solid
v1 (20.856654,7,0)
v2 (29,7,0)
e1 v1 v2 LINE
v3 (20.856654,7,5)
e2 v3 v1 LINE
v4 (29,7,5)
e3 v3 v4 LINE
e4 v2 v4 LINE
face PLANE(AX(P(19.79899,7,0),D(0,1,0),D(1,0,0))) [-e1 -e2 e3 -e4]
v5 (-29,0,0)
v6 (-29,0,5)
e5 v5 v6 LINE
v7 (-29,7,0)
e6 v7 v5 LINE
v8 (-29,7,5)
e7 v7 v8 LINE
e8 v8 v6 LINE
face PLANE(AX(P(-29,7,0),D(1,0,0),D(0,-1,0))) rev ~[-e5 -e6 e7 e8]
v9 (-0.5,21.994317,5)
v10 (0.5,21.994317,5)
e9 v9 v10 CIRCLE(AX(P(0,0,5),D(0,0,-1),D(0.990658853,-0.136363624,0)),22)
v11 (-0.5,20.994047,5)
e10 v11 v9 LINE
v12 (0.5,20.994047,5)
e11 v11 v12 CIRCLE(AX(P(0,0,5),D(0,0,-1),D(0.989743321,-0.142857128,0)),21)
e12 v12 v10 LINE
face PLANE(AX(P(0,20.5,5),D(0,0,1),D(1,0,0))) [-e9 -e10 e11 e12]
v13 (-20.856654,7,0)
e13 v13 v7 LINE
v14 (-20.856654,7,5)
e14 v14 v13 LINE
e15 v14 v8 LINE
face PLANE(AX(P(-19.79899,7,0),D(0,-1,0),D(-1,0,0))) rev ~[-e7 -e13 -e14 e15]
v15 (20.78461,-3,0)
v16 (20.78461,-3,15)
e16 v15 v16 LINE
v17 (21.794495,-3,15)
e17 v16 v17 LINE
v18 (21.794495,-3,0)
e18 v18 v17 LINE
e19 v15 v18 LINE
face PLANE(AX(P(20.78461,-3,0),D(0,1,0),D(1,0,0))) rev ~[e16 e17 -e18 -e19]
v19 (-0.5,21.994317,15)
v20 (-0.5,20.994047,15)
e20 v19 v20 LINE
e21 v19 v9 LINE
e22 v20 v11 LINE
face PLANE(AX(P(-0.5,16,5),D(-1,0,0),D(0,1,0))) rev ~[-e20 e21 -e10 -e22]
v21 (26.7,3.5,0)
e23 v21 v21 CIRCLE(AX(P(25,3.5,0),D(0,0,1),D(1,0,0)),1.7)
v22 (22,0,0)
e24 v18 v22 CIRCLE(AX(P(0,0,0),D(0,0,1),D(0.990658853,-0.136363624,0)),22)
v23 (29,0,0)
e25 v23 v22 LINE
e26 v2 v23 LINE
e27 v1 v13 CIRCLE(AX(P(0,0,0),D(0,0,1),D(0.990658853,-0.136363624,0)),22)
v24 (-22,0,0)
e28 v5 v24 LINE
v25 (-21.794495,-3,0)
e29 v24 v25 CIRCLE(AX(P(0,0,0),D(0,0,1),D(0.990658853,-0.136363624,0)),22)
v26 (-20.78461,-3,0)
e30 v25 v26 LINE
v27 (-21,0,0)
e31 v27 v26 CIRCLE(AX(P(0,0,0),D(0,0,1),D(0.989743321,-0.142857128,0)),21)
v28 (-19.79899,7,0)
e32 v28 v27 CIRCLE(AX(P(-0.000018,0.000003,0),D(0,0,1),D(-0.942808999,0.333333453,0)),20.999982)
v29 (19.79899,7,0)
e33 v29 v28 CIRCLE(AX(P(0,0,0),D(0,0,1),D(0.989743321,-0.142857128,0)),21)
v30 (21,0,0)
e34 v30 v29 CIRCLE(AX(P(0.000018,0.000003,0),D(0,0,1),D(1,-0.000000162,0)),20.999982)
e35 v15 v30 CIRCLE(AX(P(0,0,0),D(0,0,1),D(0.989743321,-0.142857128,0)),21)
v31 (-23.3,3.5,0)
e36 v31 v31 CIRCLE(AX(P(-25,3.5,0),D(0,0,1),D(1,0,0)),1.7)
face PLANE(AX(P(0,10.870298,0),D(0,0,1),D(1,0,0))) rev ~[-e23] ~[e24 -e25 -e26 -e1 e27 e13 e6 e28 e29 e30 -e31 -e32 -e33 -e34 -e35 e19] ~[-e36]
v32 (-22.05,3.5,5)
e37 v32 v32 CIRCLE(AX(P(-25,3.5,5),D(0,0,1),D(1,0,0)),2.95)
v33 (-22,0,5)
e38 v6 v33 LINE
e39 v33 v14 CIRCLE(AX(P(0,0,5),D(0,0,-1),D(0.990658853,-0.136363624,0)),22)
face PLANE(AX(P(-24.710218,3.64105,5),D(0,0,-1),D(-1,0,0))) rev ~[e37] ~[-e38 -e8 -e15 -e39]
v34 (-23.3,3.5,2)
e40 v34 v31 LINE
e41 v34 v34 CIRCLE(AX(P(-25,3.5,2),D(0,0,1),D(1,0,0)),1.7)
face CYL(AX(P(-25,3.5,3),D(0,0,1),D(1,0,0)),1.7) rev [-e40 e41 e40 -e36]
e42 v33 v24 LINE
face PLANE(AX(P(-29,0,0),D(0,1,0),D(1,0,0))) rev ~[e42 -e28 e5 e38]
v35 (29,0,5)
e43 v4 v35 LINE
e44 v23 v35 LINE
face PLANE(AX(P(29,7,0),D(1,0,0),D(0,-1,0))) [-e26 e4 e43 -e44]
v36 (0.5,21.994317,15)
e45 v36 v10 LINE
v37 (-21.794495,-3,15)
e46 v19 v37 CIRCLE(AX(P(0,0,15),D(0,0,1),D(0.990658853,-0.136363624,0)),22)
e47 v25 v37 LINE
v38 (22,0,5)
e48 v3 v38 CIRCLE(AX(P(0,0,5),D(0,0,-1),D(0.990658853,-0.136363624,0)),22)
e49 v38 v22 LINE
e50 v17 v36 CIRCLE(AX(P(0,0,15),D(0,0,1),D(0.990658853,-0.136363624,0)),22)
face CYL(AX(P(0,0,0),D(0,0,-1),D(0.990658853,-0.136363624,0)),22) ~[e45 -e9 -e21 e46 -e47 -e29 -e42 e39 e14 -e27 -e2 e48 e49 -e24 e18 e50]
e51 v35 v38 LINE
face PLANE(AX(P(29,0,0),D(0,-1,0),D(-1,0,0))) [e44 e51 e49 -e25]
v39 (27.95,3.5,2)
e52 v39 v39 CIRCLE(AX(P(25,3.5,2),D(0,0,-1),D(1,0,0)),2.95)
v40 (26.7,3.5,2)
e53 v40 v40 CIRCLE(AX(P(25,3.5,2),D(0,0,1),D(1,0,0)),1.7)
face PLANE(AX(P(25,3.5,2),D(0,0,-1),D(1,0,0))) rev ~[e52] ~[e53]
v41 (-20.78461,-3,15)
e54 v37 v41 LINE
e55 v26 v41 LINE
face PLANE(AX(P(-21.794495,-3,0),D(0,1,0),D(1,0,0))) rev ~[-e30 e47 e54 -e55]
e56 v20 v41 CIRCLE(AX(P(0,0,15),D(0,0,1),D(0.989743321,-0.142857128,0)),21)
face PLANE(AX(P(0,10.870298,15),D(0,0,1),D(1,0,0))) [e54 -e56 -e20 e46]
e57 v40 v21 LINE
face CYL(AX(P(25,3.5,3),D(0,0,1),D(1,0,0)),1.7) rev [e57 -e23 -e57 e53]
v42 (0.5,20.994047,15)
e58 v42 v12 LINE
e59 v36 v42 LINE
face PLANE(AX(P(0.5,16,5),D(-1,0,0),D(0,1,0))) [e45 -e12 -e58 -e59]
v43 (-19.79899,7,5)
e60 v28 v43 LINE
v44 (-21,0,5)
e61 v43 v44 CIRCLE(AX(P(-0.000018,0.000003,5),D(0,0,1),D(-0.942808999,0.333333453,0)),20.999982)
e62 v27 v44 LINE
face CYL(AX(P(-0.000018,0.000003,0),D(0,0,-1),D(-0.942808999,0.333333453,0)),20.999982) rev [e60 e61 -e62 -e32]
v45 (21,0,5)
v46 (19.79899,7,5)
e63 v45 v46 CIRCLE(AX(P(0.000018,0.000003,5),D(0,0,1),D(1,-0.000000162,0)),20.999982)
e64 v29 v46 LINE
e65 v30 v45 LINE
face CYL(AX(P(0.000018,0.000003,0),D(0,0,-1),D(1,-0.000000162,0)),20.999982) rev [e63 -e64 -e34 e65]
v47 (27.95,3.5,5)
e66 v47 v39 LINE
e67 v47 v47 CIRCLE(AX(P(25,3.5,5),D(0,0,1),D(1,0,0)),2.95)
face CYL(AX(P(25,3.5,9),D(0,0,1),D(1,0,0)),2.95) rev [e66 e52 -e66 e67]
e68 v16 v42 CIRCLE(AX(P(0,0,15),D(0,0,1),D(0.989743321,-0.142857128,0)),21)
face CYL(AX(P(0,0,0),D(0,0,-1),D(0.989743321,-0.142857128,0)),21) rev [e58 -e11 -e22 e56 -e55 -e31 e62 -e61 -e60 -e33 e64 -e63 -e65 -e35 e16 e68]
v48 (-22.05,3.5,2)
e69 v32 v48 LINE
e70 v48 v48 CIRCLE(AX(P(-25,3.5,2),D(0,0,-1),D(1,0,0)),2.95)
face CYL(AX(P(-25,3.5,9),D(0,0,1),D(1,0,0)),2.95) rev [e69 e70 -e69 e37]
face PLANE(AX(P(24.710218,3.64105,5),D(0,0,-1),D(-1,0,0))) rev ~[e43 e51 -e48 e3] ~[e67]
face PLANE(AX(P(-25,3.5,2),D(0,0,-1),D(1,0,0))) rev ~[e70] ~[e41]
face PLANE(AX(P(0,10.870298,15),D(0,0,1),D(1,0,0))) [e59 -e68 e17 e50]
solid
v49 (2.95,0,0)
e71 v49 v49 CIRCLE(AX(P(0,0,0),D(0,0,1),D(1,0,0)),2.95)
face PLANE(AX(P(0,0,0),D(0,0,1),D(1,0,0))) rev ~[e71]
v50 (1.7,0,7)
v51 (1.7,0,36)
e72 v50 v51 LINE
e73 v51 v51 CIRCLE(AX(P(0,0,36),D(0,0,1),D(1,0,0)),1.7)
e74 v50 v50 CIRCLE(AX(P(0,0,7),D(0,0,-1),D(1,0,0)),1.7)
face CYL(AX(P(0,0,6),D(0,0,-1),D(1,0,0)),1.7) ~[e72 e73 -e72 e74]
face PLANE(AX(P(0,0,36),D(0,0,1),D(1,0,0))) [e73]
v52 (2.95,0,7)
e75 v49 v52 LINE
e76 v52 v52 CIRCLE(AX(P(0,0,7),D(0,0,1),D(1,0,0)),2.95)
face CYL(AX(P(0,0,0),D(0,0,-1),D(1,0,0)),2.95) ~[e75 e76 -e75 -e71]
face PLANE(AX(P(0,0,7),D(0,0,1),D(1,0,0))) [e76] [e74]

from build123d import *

# Parameters (mm, degrees)
CYLINDER_R               = 2.95
CYLINDER_DEPTH           = 7
CYLINDER001_R            = 1.7
CYLINDER001_DEPTH        = 30
BOX259_W                 = 1
BOX259_H                 = 9
BOX259_DEPTH             = 11
CLONE343_PLACEMENT_ANGLE = 180
CLONE344_PLACEMENT_ANGLE = 180
PAD043_DEPTH             = 15
PAD044_DEPTH             = 5


with BuildPart() as m3bolthead:
    # Cylinder → Cylinder (new body)
    with BuildSketch(Plane.XY):
        Circle(CYLINDER_R)
    extrude(amount=CYLINDER_DEPTH)


with BuildPart() as m3bolt:
    # Cylinder001 → Cylinder001 (new body)
    with BuildSketch(Plane.XY.offset(6)):
        Circle(CYLINDER001_R)
    extrude(amount=CYLINDER001_DEPTH)

    # Fusion: union M3BoltHead
    add(m3bolthead.part)


with BuildPart() as cube022:
    # Box259 → Box259 (new body)
    with BuildSketch(Plane(origin=(-0.5, 16, 5), x_dir=(1, 0, 0), z_dir=(0, 0, 1))):
        with Locations((0.5, 4.5)):
            Rectangle(BOX259_W, BOX259_H)
    extrude(amount=BOX259_DEPTH)


with BuildPart() as clone_of_m3bolt114:
    # Clone343 base: copy of M3Bolt
    add(m3bolt.part)


with BuildPart() as clone_of_m3bolt114_1:
    # Clone343 placement: moved
    add(clone_of_m3bolt114.part.moved(Location((25, 3.5, 9))).rotate(Axis((25, 3.5, 9), (1, 0, 0)), CLONE343_PLACEMENT_ANGLE))


with BuildPart() as fusion127:
    # Clone344 base: copy of M3Bolt
    add(m3bolt.part)


with BuildPart() as fusion127_1:
    # Clone344 placement: moved
    add(fusion127.part.moved(Location((-25, 3.5, 9))).rotate(Axis((-25, 3.5, 9), (1, 0, 0)), CLONE344_PLACEMENT_ANGLE))

    # Fusion127: union Clone of M3Bolt114
    add(clone_of_m3bolt114_1.part)


with BuildPart() as pad043:
    # Sketch068 → Pad043 (new body)
    with BuildSketch(Plane.XY):
        with BuildLine():
            ThreePointArc((21.794495, -3), (0, 22), (-21.794495, -3))
            Line((-21.794495, -3), (-20.78461, -3))
            ThreePointArc((20.78461, -3), (0, 21), (-20.78461, -3))
            Line((20.78461, -3), (21.794495, -3))
        make_face()
    extrude(amount=PAD043_DEPTH)


with BuildPart() as art23optodiskmaster:
    # Sketch069 → Pad044 (new body)
    with BuildSketch(Plane.XY):
        with BuildLine():
            ThreePointArc((21, 0), (20.69757, 3.551142), (19.79899, 7))
            Line((19.79899, 7), (29, 7))
            Line((29, 7), (29, 0))
            Line((29, 0), (21, 0))
        make_face()
        with BuildLine():
            ThreePointArc((-19.79899, 7), (-20.69757, 3.551142), (-21, 0))
            Line((-29, 0), (-21, 0))
            Line((-29, 7), (-29, 0))
            Line((-19.79899, 7), (-29, 7))
        make_face()
    extrude(amount=PAD044_DEPTH)

    # Fusion126: union Pad043
    add(pad043.part)

    # Cut107: cut Fusion127
    add(fusion127_1.part, mode=Mode.SUBTRACT)

    # Cut108: cut Cube022
    add(cube022.part, mode=Mode.SUBTRACT)


solid = Compound([m3bolt.part, art23optodiskmaster.part])
